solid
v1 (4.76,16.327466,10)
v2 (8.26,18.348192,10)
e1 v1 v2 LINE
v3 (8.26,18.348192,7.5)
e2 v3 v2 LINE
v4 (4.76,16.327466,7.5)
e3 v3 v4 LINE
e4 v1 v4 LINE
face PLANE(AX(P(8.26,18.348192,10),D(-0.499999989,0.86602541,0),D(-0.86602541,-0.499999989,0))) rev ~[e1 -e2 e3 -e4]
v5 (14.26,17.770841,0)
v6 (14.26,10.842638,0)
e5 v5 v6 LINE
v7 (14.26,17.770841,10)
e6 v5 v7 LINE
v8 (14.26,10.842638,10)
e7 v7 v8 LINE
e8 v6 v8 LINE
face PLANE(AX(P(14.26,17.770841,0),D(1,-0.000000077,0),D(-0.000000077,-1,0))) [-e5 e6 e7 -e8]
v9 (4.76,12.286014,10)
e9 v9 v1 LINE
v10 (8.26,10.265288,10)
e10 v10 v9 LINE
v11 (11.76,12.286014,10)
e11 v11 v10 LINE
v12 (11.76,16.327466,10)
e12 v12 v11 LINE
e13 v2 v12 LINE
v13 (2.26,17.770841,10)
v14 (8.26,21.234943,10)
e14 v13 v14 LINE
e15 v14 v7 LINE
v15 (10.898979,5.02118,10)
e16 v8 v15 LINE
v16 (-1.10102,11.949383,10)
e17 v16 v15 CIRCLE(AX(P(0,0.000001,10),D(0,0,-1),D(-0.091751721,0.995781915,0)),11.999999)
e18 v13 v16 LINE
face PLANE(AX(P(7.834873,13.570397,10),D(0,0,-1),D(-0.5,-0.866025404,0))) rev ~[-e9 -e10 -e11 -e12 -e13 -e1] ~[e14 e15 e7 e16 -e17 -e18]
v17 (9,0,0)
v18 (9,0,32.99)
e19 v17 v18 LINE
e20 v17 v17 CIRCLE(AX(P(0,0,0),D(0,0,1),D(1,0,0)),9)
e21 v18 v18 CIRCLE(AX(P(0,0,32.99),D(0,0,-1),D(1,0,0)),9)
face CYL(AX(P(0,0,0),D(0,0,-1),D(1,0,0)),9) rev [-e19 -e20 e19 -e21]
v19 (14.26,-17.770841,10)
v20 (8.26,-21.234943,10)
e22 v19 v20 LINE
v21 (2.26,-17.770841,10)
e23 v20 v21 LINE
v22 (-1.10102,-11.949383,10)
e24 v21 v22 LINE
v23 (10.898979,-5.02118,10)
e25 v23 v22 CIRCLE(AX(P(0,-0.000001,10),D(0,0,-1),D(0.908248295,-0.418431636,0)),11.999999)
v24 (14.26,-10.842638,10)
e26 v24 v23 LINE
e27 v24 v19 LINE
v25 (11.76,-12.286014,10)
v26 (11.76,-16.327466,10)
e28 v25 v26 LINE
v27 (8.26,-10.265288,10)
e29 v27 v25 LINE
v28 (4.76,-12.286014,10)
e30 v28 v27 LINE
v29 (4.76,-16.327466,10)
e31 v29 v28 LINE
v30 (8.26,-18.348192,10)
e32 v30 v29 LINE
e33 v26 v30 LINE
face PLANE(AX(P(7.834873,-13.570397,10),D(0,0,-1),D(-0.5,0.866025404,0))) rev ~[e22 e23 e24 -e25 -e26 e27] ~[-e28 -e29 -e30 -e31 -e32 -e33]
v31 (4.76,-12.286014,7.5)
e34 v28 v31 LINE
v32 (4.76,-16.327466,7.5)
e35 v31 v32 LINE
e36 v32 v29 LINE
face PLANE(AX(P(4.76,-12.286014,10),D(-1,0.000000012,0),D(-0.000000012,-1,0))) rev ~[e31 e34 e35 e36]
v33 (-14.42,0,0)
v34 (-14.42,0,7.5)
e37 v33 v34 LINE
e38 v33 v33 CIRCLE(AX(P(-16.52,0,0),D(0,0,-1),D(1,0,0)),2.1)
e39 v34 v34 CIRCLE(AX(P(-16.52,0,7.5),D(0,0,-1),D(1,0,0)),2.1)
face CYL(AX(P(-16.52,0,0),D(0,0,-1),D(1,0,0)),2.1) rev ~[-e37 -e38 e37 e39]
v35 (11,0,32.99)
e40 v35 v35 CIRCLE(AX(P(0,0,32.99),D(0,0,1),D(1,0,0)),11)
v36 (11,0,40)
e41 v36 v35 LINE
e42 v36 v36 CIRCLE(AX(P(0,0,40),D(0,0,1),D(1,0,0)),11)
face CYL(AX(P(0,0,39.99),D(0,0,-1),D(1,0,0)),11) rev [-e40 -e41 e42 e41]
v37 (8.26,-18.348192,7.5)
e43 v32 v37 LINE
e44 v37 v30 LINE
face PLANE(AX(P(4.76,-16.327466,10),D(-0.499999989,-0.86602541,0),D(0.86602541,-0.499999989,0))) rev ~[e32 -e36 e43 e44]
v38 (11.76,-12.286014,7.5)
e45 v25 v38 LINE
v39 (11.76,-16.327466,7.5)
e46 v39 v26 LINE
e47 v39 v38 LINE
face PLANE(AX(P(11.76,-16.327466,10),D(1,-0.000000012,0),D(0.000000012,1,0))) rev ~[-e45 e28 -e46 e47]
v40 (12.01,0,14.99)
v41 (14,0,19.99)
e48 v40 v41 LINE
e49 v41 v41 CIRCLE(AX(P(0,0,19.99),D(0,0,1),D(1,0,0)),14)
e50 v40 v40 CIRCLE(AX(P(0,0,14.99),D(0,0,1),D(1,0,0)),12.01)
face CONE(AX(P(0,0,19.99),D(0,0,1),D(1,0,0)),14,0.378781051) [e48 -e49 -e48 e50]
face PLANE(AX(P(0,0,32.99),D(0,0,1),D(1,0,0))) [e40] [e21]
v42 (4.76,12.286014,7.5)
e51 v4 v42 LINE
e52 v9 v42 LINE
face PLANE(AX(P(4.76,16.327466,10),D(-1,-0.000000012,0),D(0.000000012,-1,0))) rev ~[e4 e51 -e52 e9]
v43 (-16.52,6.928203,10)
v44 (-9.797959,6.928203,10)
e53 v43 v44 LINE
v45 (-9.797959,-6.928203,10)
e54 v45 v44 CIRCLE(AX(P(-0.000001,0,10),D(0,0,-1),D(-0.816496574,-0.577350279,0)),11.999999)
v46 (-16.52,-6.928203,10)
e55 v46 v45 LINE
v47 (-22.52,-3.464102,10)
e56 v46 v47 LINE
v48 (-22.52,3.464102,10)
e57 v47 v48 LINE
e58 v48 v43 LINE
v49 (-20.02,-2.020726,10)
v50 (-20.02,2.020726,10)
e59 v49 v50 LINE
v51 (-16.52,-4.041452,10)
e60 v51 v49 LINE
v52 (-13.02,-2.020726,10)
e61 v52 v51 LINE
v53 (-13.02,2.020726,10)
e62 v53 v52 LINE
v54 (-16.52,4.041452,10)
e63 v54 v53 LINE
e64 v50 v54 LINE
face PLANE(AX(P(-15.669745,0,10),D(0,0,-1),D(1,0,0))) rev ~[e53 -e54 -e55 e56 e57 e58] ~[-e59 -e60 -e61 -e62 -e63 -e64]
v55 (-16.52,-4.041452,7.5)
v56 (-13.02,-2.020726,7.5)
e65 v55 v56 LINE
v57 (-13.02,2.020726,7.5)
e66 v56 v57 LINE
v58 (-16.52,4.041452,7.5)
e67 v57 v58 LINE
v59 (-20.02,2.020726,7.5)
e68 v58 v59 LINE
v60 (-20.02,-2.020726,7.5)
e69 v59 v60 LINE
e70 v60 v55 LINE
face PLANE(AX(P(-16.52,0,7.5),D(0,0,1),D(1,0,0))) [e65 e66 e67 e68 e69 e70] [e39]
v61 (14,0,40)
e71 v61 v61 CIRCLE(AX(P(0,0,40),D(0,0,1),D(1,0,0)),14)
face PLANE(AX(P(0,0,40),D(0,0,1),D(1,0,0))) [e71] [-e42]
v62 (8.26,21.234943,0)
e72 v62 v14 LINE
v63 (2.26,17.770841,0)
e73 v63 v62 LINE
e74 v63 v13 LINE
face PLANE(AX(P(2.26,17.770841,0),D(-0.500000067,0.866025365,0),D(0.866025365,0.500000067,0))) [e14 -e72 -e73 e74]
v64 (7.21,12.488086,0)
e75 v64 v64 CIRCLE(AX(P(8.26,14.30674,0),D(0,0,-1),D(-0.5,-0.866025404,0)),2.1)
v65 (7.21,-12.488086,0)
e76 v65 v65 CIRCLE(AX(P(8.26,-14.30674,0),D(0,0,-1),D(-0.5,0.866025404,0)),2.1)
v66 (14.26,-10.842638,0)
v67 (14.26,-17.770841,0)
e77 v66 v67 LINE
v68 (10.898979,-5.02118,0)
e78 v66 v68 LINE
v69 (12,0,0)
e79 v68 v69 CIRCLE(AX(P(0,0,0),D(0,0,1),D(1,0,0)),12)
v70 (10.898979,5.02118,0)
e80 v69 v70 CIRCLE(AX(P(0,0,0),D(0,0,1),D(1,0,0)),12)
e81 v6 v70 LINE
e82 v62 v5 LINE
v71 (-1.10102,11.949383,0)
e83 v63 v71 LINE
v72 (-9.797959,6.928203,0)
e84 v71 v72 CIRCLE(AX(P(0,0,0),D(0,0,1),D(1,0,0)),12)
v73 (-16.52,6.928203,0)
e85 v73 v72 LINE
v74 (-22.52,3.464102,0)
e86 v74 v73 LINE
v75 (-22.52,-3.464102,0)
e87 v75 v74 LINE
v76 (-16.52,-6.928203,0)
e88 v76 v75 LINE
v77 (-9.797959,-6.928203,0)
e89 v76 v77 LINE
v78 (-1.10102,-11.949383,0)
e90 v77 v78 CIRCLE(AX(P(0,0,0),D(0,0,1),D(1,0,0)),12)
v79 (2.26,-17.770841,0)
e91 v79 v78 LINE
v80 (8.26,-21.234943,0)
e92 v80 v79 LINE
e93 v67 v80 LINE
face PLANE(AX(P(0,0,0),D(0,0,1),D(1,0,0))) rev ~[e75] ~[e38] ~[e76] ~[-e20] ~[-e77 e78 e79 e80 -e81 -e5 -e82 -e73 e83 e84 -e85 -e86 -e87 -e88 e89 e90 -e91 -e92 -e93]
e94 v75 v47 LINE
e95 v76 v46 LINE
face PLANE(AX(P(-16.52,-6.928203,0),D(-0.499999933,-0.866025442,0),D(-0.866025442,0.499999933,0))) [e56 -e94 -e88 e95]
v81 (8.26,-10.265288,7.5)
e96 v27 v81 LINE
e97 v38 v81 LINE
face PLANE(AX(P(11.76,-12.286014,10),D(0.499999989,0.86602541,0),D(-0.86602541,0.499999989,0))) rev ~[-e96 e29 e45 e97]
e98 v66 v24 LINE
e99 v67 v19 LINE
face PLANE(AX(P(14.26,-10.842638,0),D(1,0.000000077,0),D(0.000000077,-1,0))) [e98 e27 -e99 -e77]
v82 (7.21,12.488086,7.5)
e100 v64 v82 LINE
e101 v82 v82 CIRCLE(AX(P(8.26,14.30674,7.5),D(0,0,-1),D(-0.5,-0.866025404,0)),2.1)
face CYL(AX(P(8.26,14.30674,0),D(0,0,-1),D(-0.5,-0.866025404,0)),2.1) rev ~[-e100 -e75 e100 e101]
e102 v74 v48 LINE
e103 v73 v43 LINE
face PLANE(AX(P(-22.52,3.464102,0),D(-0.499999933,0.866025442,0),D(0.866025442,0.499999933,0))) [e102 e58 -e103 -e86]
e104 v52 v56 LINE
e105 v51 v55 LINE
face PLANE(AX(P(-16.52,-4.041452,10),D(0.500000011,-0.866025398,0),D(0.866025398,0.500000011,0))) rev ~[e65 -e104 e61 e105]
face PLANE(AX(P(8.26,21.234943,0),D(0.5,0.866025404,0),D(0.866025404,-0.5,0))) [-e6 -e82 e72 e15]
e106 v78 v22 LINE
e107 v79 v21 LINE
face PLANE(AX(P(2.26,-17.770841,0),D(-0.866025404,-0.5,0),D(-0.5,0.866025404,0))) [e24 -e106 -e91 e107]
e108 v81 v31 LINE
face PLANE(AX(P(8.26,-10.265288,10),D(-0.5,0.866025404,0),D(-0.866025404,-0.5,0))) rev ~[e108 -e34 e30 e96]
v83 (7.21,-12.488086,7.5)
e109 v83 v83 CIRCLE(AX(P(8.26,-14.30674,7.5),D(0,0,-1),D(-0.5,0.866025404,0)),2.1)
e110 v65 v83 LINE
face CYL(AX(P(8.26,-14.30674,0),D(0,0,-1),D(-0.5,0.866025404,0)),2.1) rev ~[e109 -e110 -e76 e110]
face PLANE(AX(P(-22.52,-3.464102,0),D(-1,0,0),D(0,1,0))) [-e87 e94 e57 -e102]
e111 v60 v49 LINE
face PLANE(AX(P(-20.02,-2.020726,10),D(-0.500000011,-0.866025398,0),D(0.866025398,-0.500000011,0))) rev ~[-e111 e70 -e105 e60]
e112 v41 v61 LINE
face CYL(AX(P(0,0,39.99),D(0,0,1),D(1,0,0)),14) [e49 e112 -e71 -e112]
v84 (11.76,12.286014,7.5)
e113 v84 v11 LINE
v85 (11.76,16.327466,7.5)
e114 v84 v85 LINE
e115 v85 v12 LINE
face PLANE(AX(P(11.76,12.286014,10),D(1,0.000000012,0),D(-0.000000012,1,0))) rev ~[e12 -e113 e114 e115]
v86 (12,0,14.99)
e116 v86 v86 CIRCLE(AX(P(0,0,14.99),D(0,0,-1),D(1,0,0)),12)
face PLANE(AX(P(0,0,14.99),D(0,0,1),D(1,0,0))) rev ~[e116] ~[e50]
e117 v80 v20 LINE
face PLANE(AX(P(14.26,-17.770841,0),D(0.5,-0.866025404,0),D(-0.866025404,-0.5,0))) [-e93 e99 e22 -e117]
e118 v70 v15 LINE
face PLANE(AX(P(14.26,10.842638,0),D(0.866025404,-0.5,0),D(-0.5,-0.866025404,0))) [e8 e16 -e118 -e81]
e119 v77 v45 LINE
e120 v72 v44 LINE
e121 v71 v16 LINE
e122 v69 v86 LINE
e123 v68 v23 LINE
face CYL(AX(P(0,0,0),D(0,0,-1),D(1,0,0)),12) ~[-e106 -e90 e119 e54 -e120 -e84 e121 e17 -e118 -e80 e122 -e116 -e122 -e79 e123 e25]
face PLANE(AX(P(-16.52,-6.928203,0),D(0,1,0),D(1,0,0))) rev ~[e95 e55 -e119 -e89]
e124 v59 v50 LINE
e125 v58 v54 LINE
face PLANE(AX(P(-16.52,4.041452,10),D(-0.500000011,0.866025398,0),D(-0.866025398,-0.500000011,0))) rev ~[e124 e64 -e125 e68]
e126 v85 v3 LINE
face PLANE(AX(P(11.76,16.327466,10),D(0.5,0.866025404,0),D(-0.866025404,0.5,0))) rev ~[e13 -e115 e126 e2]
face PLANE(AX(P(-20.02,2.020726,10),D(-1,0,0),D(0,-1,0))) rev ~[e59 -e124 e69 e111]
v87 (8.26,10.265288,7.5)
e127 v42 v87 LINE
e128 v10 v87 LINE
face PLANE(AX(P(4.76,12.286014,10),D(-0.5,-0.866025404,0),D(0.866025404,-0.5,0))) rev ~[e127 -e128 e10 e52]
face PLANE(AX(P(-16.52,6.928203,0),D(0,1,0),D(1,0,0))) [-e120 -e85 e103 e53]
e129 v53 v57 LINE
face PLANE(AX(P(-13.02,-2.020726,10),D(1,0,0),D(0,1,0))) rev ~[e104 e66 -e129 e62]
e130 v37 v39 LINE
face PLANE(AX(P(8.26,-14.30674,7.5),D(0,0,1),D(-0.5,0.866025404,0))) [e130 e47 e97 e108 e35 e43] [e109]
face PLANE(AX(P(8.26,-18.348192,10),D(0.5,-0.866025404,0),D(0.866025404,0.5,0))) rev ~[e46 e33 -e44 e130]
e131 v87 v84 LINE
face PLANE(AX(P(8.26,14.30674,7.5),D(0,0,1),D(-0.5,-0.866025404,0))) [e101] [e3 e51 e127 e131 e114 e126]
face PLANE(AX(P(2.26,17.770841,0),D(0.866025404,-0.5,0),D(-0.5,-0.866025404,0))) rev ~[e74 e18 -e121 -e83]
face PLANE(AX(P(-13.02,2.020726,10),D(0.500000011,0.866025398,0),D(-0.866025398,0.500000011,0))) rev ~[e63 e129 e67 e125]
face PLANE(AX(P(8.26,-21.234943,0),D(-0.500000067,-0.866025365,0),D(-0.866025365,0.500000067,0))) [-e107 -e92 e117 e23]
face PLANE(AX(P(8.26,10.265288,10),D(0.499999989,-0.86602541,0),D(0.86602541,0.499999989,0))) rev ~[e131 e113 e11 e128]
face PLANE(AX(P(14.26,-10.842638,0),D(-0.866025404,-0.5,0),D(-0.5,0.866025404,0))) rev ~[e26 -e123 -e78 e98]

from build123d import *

# Parameters (mm, degrees)
SKETCH_R              = 12
SKETCH_R_2            = 9
PAD_DEPTH             = 39.99
SKETCH001_R           = 11
POCKET_DEPTH          = 7
SKETCH002_R           = 2.1
PAD001_DEPTH          = 10
POLARPATTERN_COUNT    = 3
POCKET001_DEPTH       = 2.5
POLARPATTERN001_COUNT = 3
SKETCH004_R           = 14
SKETCH004_R_2         = 11
PAD002_DEPTH          = 0.01
PAD002_DEPTH_BACK     = 25
CHAMFER_SIZE2         = 5
CHAMFER_SIZE          = 1.99


with BuildPart() as part:
    # Sketch → Pad (new body)
    with BuildSketch(Plane.XY):
        Circle(SKETCH_R)
        Circle(SKETCH_R_2, mode=Mode.SUBTRACT)
    extrude(amount=PAD_DEPTH)

    # Sketch001 (on Face4 of Pad) → Pocket (cut)
    with BuildSketch(Plane.XY.offset(39.99)):
        Circle(SKETCH001_R)
    extrude(amount=-POCKET_DEPTH, mode=Mode.SUBTRACT)

    # Sketch002 (on Face2 of Pocket) → Pad001 (join)
    with BuildSketch(Plane(origin=(0, 0, 0), x_dir=(1, 0, 0), z_dir=(0, 0, -1))):
        with BuildLine():
            Line((-16.52, 6.928203), (-22.52, 3.464102))
            Line((-22.52, 3.464102), (-22.52, -3.464102))
            Line((-22.52, -3.464102), (-16.52, -6.928203))
            Line((-16.52, -6.928203), (-9.797959, -6.928203))
            ThreePointArc((-9.797959, 6.928203), (-12, 0), (-9.797959, -6.928203))
            Line((-16.52, 6.928203), (-9.797959, 6.928203))
        make_face()
        with Locations((-16.52, 0)):
            Circle(SKETCH002_R, mode=Mode.SUBTRACT)
    pad001 = extrude(amount=-PAD001_DEPTH)

    # PolarPattern: Pad001 ×3 about axis
    polarpattern_axis = Axis((0, 0, 0), (0, 0, -1))
    for i in range(1, POLARPATTERN_COUNT):
        add(pad001.rotate(polarpattern_axis, i * 360 / POLARPATTERN_COUNT))

    # Sketch003 (on Face7 of PolarPattern) → Pocket001 (cut, symmetric)
    with BuildSketch(Plane.XY.offset(10)):
        Polygon((-13.02, 2.020726), (-16.52, 4.041452), (-20.02, 2.020726), (-20.02, -2.020726), (-16.52, -4.041452), (-13.02, -2.020726), align=None)
    pocket001 = extrude(amount=POCKET001_DEPTH, both=True, mode=Mode.SUBTRACT)

    # PolarPattern001: Pocket001 ×3 about axis
    polarpattern001_axis = Axis((0, 0, 10), (0, 0, 1))
    for i in range(1, POLARPATTERN001_COUNT):
        add(pocket001.rotate(polarpattern001_axis, i * 360 / POLARPATTERN001_COUNT), mode=Mode.SUBTRACT)

    # Sketch004 (on Face12 of PolarPattern001) → Pad002 (join, two sides)
    with BuildSketch(Plane.XY.offset(39.99)) as pad002_sk:
        Circle(SKETCH004_R)
        Circle(SKETCH004_R_2, mode=Mode.SUBTRACT)
    extrude(amount=PAD002_DEPTH)
    extrude(pad002_sk.sketch, amount=-PAD002_DEPTH_BACK)

    # Chamfer
    chamfer_edges = [part.edges().sort_by_distance(p)[0] for p in [
        (-14, 0, 14.99),
    ]]
    chamfer_side = part.faces().sort_by_distance((-13.60402, 0, 14.99))[0]
    chamfer(chamfer_edges, length=CHAMFER_SIZE, length2=CHAMFER_SIZE2, reference=chamfer_side)


solid = part.part
